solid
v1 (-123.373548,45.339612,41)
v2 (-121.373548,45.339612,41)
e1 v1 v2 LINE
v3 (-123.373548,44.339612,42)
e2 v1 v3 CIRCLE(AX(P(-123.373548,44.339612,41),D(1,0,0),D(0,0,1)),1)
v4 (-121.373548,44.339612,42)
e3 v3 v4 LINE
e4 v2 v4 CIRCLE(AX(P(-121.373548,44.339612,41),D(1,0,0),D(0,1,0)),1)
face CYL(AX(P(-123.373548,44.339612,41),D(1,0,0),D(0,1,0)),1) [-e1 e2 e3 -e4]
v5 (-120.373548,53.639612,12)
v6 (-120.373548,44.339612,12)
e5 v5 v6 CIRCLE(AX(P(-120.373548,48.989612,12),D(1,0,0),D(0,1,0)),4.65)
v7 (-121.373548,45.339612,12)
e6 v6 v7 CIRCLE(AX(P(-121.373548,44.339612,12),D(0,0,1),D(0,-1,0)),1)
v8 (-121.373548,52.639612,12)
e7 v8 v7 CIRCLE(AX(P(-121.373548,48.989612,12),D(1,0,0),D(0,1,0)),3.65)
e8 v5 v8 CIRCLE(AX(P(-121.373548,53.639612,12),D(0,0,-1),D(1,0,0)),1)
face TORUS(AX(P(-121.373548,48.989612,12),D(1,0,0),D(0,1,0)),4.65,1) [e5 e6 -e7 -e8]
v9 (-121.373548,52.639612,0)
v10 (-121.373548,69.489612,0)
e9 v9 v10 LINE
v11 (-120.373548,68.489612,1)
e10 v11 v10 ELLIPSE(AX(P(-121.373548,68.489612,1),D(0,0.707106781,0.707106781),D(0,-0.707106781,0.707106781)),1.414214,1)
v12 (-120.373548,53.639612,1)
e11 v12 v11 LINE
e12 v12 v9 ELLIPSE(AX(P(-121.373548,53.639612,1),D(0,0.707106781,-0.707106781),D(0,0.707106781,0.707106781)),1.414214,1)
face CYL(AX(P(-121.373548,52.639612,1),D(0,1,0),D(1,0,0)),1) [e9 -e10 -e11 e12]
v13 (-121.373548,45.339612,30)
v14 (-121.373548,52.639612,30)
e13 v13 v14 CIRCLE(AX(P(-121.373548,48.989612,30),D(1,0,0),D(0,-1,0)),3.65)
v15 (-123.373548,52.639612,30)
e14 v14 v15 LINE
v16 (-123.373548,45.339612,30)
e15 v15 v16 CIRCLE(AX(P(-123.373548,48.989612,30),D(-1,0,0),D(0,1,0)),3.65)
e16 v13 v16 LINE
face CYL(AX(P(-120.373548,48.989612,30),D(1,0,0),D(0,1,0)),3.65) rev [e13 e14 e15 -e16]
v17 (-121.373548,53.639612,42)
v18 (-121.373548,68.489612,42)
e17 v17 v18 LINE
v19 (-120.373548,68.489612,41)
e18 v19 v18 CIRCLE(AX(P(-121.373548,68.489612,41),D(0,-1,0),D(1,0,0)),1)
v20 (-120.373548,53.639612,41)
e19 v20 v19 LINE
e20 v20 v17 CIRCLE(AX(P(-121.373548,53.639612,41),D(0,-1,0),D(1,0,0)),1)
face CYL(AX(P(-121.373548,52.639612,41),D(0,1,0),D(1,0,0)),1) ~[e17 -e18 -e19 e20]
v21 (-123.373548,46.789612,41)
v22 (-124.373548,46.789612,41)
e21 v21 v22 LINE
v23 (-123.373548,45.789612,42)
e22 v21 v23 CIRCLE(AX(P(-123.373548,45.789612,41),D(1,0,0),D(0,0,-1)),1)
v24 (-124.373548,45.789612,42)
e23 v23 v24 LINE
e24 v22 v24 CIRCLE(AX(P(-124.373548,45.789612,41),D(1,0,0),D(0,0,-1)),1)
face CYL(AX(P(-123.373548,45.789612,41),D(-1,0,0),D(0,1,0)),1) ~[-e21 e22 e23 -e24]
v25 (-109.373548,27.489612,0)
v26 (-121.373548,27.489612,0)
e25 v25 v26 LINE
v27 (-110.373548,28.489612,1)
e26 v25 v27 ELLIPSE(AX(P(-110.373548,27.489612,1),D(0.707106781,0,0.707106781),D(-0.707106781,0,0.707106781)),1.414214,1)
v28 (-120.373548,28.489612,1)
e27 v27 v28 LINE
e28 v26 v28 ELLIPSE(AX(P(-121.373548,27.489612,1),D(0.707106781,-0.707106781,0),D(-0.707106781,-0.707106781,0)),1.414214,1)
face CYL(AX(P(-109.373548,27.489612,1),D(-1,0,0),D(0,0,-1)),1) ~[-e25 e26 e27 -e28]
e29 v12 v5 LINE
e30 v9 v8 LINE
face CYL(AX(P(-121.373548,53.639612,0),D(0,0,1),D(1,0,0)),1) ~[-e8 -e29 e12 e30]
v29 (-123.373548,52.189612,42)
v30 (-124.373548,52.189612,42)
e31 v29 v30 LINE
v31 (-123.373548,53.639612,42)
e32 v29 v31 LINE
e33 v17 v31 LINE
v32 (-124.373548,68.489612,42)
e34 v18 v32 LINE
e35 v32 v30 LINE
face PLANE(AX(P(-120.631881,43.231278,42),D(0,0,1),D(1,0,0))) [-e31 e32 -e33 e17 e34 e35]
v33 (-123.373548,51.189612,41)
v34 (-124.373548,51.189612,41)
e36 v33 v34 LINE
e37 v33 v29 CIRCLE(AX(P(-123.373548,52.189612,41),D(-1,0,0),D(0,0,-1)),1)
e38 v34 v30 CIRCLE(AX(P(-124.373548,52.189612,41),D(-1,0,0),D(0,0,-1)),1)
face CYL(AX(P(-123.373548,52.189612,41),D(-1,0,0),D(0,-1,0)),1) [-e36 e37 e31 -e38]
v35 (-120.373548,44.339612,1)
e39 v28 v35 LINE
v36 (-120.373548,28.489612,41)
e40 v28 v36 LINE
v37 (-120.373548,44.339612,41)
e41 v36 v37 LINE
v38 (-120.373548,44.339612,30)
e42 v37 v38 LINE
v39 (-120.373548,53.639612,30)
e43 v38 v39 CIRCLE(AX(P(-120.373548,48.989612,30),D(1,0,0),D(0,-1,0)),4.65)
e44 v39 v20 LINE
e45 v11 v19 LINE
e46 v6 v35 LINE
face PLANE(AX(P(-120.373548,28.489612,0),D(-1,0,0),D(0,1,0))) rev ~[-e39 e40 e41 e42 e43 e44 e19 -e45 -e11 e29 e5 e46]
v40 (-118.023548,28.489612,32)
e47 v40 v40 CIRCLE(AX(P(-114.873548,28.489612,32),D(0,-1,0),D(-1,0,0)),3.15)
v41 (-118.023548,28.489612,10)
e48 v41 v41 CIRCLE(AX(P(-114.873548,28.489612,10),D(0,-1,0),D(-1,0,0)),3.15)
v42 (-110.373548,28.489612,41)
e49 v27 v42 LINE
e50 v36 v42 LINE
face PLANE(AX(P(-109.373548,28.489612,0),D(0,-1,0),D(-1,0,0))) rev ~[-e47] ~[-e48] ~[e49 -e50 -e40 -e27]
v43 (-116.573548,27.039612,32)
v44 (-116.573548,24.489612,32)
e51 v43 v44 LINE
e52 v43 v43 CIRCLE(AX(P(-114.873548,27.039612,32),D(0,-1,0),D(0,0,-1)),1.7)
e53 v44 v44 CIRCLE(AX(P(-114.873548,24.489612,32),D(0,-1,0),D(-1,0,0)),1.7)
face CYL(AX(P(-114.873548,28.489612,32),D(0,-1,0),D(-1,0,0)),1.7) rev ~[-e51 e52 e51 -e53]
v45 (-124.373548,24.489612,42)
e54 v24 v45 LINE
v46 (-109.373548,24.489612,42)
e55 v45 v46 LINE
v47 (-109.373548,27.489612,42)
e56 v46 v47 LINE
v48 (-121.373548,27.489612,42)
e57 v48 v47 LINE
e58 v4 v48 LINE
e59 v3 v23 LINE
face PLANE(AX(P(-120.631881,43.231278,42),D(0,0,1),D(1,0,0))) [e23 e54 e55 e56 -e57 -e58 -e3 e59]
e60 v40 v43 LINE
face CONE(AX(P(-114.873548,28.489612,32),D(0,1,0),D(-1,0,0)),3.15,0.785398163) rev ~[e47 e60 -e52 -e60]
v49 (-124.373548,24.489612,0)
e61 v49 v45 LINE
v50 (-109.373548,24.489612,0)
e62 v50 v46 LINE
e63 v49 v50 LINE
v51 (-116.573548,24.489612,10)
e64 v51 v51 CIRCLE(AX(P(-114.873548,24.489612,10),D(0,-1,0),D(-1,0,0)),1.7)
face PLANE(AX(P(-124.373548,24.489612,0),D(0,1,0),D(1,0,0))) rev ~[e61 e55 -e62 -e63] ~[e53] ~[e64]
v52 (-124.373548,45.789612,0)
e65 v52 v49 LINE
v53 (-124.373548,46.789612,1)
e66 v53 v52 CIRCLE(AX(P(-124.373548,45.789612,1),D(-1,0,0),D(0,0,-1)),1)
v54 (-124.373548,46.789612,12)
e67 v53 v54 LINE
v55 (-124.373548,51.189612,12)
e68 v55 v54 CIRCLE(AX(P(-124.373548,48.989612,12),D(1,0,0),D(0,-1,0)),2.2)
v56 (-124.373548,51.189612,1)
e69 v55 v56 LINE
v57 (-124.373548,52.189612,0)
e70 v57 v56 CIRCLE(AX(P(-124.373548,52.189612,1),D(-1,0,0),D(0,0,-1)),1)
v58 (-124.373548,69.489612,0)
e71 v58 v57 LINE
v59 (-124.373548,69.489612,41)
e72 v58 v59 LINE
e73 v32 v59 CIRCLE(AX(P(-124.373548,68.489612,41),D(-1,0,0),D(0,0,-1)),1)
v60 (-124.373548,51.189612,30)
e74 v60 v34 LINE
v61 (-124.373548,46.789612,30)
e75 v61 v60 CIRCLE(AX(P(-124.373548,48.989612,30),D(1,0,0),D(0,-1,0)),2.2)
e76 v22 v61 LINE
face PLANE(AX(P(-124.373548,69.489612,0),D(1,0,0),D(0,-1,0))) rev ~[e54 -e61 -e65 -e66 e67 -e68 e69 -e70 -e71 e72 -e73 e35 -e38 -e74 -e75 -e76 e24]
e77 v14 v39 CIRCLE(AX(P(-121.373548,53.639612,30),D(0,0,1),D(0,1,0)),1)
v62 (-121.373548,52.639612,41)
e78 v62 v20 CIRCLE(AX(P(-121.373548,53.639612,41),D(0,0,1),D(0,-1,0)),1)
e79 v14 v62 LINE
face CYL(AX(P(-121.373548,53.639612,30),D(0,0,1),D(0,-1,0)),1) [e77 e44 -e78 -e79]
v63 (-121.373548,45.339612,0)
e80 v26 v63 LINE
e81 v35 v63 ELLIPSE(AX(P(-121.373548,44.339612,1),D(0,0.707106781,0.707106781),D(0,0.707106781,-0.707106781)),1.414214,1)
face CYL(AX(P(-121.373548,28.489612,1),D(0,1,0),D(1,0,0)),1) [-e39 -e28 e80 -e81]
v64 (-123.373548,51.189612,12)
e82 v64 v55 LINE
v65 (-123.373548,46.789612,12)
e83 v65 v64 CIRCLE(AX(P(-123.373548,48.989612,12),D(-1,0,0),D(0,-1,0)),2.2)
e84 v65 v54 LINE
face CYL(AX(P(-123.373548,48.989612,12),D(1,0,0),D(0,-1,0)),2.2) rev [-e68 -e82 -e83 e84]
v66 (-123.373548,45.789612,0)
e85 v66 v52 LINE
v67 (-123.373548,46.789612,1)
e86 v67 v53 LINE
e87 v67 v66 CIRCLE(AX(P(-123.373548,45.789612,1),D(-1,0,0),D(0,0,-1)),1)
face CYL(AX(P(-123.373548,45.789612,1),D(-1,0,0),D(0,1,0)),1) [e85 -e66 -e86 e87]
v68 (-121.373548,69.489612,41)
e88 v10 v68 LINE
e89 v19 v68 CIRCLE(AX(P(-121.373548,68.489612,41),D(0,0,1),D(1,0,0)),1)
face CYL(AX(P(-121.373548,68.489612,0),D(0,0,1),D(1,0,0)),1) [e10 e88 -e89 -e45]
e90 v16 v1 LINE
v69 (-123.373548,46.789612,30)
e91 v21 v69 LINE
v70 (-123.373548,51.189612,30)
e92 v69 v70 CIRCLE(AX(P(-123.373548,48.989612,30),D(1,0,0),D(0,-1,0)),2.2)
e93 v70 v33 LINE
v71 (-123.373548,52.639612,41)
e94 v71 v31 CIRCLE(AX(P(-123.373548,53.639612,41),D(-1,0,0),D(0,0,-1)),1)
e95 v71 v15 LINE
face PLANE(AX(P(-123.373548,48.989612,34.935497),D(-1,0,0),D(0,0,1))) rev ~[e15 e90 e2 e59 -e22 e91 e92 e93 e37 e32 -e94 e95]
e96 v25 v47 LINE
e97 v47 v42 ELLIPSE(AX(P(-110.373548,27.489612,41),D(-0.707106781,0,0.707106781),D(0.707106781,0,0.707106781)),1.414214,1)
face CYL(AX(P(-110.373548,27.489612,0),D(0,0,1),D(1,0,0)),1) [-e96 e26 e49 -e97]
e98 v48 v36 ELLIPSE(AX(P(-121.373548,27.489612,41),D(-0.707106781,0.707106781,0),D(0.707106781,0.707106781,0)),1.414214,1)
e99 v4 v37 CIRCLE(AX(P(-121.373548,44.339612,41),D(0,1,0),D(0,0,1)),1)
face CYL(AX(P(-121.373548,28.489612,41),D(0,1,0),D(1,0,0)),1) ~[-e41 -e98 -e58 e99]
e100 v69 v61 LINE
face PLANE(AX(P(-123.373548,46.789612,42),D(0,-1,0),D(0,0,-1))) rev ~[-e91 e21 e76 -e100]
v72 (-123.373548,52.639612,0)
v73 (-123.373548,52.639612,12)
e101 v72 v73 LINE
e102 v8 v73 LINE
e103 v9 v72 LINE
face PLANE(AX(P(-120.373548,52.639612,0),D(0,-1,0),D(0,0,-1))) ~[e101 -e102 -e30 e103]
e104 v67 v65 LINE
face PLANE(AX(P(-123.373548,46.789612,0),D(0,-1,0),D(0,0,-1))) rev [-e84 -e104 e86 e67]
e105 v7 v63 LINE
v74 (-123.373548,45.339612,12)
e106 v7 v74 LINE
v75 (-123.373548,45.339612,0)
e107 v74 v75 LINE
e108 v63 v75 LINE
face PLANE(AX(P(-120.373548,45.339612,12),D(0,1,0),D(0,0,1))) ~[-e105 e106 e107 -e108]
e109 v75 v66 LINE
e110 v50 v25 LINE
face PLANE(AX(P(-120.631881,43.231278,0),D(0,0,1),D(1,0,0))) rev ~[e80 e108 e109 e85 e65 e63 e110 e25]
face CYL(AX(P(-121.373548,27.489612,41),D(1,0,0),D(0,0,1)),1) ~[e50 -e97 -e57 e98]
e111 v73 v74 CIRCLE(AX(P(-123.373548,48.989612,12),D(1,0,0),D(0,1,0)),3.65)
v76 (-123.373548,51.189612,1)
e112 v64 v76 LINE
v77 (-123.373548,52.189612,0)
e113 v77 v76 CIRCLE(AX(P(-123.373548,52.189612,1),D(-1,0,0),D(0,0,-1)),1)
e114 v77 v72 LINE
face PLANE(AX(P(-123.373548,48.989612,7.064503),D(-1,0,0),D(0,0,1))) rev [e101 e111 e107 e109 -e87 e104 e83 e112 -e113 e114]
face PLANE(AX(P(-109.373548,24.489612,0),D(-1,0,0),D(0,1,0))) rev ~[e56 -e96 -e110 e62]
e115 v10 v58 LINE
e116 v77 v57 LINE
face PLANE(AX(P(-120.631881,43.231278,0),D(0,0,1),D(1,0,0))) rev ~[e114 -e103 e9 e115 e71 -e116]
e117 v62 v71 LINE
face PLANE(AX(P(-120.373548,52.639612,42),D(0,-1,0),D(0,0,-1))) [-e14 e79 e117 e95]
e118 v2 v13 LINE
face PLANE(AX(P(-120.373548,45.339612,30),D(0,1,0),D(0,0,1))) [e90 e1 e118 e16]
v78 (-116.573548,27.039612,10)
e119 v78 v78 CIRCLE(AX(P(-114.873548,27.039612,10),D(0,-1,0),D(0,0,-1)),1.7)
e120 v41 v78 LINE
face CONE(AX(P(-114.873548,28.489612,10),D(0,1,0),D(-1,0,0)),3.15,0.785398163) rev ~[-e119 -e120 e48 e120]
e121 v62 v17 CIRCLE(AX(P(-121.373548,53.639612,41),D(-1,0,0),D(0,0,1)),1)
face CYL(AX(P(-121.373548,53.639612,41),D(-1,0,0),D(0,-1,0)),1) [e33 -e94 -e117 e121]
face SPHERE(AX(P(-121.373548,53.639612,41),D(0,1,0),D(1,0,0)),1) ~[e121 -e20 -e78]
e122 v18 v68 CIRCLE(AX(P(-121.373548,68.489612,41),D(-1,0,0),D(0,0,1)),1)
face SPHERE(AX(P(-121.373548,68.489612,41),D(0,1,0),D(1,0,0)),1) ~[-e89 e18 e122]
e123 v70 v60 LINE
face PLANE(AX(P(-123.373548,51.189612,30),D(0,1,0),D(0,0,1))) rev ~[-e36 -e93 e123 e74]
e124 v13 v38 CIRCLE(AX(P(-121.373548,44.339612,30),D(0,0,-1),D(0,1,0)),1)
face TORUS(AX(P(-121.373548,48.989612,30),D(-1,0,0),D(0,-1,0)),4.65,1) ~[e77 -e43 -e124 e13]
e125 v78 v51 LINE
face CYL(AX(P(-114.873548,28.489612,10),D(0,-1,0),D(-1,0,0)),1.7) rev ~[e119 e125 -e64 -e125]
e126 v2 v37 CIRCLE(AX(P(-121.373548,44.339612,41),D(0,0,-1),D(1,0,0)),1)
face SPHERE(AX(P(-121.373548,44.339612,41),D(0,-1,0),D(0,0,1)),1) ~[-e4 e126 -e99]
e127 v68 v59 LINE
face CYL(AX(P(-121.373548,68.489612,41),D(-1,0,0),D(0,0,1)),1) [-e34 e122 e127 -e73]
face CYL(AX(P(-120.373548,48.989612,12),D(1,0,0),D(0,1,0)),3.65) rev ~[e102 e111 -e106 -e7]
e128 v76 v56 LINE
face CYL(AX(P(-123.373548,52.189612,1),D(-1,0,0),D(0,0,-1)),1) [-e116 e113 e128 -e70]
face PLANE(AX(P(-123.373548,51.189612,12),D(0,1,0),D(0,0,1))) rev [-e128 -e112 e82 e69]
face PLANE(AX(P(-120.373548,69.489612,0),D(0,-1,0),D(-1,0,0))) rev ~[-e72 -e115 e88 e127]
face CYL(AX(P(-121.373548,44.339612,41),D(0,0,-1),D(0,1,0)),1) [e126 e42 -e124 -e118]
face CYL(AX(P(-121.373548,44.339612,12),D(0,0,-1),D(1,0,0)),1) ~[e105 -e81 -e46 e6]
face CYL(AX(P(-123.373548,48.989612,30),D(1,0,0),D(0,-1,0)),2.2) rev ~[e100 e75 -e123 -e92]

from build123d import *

# Parameters (mm, degrees)
BOSS_EXTRUDE1_DEPTH                             = 42
CUT_EXTRUDE1_DEPTH                              = 3
CUT_EXTRUDE2_DEPTH                              = 2
CSK_FOR_M3_FLAT_HEAD_MACHINE_SCREW1_D           = 3.4
CSK_FOR_M3_FLAT_HEAD_MACHINE_SCREW1_CSINK_D     = 6.3
CSK_FOR_M3_FLAT_HEAD_MACHINE_SCREW1_CSINK_ANGLE = 90
FILLET3_R                                       = 1
FILLET4_R                                       = 1
FILLET5_R                                       = 1
FILLET6_R                                       = 1
FILLET7_R                                       = 1
FILLET8_R                                       = 1


with BuildPart() as part:
    # Sketch1 → Boss-Extrude1 (new body)
    with BuildSketch(Plane.XY):
        Polygon((-124.373548005, 69.489611766), (-124.373548005, 24.489611766), (-109.373548005, 24.489611766), (-109.373548005, 28.489611766), (-120.373548005, 28.489611766), (-120.373548005, 69.489611766), align=None)
    extrude(amount=BOSS_EXTRUDE1_DEPTH)

    # Sketch2 → Cut-Extrude1 (cut)
    with BuildSketch(Plane(origin=(-120.373548005, 0, 0), x_dir=(0, 0, -1), z_dir=(1, 0, 0))):
        with BuildLine():
            Line((-42, 52.639611766), (-30, 52.639611766))
            ThreePointArc((-30, 52.639611766), (-26.35, 48.989611766), (-30, 45.339611766))
            Line((-30, 45.339611766), (-42, 45.339611766))
            Line((-42, 45.339611766), (-42, 52.639611766))
        make_face()
    cut_extrude1 = extrude(amount=-CUT_EXTRUDE1_DEPTH, mode=Mode.SUBTRACT)

    # Sketch4 → Cut-Extrude2 (cut, through all)
    with BuildSketch(Plane(origin=(-123.373548005, 0, 0), x_dir=(0, 0, -1), z_dir=(1, 0, 0))):
        with BuildLine():
            Line((-42, 51.189611766), (-42, 46.789611766))
            Line((-42, 46.789611766), (-30, 46.789611766))
            ThreePointArc((-30, 46.789611766), (-27.8, 48.989611766), (-30, 51.189611766))
            Line((-30, 51.189611766), (-42, 51.189611766))
        make_face()
    cut_extrude2 = extrude(amount=-CUT_EXTRUDE2_DEPTH, mode=Mode.SUBTRACT)

    # Mirror2: Cut-Extrude1, Cut-Extrude2 across plane
    add(cut_extrude1.mirror(Plane.XY.offset(21)), mode=Mode.SUBTRACT)
    add(cut_extrude2.mirror(Plane.XY.offset(21)), mode=Mode.SUBTRACT)

    # CSK for M3 Flat Head Machine Screw1 (through all)
    with Locations(Plane(origin=(0, 28.489611766, 0), x_dir=(1, 0, 0), z_dir=(0, 1, 0))):
        with Locations((-114.873548005, -32), (-114.873548005, -10)):
            CounterSinkHole(CSK_FOR_M3_FLAT_HEAD_MACHINE_SCREW1_D / 2, CSK_FOR_M3_FLAT_HEAD_MACHINE_SCREW1_CSINK_D / 2, counter_sink_angle=CSK_FOR_M3_FLAT_HEAD_MACHINE_SCREW1_CSINK_ANGLE)

    # Fillet3
    fillet3_edges = [part.edges().sort_by_distance(p)[0] for p in [
        (-120.373548005, 36.914611766, 42),
    ]]
    fillet(fillet3_edges, radius=FILLET3_R)

    # Fillet4
    fillet4_edges = [part.edges().sort_by_distance(p)[0] for p in [
        (-120.373548005, 61.064611766, 42),
    ]]
    fillet(fillet4_edges, radius=FILLET4_R)

    # Fillet5
    fillet5_edges = [part.edges().sort_by_distance(p)[0] for p in [
        (-120.666441224, 52.639611766, 41.707106781),
        (-122.373548005, 45.339611766, 42),
        (-122.373548005, 52.639611766, 42),
        (-120.373548005, 48.989611766, 26.35),
        (-120.373548005, 52.639611766, 35.5),
        (-120.373548005, 45.339611766, 35.5),
        (-120.666441224, 45.339611766, 41.707106781),
    ]]
    fillet(fillet5_edges, radius=FILLET5_R)

    # Fillet6
    fillet6_edges = [part.edges().sort_by_distance(p)[0] for p in [
        (-122.873548005, 69.489611766, 42),
        (-120.666441224, 69.489611766, 41.707106781),
        (-114.873548005, 28.489611766, 42),
        (-109.373548005, 28.489611766, 21),
        (-114.873548005, 28.489611766, 0),
        (-120.373548005, 36.914611766, 0),
        (-120.373548005, 48.989611766, 15.65),
        (-120.373548005, 45.339611766, 6),
        (-120.373548005, 52.639611766, 6),
        (-120.373548005, 61.064611766, 0),
        (-120.373548005, 69.489611766, 20.5),
    ]]
    fillet(fillet6_edges, radius=FILLET6_R)

    # Fillet7
    fillet7_edges = [part.edges().sort_by_distance(p)[0] for p in [
        (-123.873548005, 51.189611766, 42),
    ]]
    fillet(fillet7_edges, radius=FILLET7_R)

    # Fillet8
    fillet8_edges = [part.edges().sort_by_distance(p)[0] for p in [
        (-123.873548005, 46.789611766, 42),
        (-123.873548005, 51.189611766, 0),
        (-123.873548005, 46.789611766, 0),
    ]]
    fillet(fillet8_edges, radius=FILLET8_R)


solid = part.part
